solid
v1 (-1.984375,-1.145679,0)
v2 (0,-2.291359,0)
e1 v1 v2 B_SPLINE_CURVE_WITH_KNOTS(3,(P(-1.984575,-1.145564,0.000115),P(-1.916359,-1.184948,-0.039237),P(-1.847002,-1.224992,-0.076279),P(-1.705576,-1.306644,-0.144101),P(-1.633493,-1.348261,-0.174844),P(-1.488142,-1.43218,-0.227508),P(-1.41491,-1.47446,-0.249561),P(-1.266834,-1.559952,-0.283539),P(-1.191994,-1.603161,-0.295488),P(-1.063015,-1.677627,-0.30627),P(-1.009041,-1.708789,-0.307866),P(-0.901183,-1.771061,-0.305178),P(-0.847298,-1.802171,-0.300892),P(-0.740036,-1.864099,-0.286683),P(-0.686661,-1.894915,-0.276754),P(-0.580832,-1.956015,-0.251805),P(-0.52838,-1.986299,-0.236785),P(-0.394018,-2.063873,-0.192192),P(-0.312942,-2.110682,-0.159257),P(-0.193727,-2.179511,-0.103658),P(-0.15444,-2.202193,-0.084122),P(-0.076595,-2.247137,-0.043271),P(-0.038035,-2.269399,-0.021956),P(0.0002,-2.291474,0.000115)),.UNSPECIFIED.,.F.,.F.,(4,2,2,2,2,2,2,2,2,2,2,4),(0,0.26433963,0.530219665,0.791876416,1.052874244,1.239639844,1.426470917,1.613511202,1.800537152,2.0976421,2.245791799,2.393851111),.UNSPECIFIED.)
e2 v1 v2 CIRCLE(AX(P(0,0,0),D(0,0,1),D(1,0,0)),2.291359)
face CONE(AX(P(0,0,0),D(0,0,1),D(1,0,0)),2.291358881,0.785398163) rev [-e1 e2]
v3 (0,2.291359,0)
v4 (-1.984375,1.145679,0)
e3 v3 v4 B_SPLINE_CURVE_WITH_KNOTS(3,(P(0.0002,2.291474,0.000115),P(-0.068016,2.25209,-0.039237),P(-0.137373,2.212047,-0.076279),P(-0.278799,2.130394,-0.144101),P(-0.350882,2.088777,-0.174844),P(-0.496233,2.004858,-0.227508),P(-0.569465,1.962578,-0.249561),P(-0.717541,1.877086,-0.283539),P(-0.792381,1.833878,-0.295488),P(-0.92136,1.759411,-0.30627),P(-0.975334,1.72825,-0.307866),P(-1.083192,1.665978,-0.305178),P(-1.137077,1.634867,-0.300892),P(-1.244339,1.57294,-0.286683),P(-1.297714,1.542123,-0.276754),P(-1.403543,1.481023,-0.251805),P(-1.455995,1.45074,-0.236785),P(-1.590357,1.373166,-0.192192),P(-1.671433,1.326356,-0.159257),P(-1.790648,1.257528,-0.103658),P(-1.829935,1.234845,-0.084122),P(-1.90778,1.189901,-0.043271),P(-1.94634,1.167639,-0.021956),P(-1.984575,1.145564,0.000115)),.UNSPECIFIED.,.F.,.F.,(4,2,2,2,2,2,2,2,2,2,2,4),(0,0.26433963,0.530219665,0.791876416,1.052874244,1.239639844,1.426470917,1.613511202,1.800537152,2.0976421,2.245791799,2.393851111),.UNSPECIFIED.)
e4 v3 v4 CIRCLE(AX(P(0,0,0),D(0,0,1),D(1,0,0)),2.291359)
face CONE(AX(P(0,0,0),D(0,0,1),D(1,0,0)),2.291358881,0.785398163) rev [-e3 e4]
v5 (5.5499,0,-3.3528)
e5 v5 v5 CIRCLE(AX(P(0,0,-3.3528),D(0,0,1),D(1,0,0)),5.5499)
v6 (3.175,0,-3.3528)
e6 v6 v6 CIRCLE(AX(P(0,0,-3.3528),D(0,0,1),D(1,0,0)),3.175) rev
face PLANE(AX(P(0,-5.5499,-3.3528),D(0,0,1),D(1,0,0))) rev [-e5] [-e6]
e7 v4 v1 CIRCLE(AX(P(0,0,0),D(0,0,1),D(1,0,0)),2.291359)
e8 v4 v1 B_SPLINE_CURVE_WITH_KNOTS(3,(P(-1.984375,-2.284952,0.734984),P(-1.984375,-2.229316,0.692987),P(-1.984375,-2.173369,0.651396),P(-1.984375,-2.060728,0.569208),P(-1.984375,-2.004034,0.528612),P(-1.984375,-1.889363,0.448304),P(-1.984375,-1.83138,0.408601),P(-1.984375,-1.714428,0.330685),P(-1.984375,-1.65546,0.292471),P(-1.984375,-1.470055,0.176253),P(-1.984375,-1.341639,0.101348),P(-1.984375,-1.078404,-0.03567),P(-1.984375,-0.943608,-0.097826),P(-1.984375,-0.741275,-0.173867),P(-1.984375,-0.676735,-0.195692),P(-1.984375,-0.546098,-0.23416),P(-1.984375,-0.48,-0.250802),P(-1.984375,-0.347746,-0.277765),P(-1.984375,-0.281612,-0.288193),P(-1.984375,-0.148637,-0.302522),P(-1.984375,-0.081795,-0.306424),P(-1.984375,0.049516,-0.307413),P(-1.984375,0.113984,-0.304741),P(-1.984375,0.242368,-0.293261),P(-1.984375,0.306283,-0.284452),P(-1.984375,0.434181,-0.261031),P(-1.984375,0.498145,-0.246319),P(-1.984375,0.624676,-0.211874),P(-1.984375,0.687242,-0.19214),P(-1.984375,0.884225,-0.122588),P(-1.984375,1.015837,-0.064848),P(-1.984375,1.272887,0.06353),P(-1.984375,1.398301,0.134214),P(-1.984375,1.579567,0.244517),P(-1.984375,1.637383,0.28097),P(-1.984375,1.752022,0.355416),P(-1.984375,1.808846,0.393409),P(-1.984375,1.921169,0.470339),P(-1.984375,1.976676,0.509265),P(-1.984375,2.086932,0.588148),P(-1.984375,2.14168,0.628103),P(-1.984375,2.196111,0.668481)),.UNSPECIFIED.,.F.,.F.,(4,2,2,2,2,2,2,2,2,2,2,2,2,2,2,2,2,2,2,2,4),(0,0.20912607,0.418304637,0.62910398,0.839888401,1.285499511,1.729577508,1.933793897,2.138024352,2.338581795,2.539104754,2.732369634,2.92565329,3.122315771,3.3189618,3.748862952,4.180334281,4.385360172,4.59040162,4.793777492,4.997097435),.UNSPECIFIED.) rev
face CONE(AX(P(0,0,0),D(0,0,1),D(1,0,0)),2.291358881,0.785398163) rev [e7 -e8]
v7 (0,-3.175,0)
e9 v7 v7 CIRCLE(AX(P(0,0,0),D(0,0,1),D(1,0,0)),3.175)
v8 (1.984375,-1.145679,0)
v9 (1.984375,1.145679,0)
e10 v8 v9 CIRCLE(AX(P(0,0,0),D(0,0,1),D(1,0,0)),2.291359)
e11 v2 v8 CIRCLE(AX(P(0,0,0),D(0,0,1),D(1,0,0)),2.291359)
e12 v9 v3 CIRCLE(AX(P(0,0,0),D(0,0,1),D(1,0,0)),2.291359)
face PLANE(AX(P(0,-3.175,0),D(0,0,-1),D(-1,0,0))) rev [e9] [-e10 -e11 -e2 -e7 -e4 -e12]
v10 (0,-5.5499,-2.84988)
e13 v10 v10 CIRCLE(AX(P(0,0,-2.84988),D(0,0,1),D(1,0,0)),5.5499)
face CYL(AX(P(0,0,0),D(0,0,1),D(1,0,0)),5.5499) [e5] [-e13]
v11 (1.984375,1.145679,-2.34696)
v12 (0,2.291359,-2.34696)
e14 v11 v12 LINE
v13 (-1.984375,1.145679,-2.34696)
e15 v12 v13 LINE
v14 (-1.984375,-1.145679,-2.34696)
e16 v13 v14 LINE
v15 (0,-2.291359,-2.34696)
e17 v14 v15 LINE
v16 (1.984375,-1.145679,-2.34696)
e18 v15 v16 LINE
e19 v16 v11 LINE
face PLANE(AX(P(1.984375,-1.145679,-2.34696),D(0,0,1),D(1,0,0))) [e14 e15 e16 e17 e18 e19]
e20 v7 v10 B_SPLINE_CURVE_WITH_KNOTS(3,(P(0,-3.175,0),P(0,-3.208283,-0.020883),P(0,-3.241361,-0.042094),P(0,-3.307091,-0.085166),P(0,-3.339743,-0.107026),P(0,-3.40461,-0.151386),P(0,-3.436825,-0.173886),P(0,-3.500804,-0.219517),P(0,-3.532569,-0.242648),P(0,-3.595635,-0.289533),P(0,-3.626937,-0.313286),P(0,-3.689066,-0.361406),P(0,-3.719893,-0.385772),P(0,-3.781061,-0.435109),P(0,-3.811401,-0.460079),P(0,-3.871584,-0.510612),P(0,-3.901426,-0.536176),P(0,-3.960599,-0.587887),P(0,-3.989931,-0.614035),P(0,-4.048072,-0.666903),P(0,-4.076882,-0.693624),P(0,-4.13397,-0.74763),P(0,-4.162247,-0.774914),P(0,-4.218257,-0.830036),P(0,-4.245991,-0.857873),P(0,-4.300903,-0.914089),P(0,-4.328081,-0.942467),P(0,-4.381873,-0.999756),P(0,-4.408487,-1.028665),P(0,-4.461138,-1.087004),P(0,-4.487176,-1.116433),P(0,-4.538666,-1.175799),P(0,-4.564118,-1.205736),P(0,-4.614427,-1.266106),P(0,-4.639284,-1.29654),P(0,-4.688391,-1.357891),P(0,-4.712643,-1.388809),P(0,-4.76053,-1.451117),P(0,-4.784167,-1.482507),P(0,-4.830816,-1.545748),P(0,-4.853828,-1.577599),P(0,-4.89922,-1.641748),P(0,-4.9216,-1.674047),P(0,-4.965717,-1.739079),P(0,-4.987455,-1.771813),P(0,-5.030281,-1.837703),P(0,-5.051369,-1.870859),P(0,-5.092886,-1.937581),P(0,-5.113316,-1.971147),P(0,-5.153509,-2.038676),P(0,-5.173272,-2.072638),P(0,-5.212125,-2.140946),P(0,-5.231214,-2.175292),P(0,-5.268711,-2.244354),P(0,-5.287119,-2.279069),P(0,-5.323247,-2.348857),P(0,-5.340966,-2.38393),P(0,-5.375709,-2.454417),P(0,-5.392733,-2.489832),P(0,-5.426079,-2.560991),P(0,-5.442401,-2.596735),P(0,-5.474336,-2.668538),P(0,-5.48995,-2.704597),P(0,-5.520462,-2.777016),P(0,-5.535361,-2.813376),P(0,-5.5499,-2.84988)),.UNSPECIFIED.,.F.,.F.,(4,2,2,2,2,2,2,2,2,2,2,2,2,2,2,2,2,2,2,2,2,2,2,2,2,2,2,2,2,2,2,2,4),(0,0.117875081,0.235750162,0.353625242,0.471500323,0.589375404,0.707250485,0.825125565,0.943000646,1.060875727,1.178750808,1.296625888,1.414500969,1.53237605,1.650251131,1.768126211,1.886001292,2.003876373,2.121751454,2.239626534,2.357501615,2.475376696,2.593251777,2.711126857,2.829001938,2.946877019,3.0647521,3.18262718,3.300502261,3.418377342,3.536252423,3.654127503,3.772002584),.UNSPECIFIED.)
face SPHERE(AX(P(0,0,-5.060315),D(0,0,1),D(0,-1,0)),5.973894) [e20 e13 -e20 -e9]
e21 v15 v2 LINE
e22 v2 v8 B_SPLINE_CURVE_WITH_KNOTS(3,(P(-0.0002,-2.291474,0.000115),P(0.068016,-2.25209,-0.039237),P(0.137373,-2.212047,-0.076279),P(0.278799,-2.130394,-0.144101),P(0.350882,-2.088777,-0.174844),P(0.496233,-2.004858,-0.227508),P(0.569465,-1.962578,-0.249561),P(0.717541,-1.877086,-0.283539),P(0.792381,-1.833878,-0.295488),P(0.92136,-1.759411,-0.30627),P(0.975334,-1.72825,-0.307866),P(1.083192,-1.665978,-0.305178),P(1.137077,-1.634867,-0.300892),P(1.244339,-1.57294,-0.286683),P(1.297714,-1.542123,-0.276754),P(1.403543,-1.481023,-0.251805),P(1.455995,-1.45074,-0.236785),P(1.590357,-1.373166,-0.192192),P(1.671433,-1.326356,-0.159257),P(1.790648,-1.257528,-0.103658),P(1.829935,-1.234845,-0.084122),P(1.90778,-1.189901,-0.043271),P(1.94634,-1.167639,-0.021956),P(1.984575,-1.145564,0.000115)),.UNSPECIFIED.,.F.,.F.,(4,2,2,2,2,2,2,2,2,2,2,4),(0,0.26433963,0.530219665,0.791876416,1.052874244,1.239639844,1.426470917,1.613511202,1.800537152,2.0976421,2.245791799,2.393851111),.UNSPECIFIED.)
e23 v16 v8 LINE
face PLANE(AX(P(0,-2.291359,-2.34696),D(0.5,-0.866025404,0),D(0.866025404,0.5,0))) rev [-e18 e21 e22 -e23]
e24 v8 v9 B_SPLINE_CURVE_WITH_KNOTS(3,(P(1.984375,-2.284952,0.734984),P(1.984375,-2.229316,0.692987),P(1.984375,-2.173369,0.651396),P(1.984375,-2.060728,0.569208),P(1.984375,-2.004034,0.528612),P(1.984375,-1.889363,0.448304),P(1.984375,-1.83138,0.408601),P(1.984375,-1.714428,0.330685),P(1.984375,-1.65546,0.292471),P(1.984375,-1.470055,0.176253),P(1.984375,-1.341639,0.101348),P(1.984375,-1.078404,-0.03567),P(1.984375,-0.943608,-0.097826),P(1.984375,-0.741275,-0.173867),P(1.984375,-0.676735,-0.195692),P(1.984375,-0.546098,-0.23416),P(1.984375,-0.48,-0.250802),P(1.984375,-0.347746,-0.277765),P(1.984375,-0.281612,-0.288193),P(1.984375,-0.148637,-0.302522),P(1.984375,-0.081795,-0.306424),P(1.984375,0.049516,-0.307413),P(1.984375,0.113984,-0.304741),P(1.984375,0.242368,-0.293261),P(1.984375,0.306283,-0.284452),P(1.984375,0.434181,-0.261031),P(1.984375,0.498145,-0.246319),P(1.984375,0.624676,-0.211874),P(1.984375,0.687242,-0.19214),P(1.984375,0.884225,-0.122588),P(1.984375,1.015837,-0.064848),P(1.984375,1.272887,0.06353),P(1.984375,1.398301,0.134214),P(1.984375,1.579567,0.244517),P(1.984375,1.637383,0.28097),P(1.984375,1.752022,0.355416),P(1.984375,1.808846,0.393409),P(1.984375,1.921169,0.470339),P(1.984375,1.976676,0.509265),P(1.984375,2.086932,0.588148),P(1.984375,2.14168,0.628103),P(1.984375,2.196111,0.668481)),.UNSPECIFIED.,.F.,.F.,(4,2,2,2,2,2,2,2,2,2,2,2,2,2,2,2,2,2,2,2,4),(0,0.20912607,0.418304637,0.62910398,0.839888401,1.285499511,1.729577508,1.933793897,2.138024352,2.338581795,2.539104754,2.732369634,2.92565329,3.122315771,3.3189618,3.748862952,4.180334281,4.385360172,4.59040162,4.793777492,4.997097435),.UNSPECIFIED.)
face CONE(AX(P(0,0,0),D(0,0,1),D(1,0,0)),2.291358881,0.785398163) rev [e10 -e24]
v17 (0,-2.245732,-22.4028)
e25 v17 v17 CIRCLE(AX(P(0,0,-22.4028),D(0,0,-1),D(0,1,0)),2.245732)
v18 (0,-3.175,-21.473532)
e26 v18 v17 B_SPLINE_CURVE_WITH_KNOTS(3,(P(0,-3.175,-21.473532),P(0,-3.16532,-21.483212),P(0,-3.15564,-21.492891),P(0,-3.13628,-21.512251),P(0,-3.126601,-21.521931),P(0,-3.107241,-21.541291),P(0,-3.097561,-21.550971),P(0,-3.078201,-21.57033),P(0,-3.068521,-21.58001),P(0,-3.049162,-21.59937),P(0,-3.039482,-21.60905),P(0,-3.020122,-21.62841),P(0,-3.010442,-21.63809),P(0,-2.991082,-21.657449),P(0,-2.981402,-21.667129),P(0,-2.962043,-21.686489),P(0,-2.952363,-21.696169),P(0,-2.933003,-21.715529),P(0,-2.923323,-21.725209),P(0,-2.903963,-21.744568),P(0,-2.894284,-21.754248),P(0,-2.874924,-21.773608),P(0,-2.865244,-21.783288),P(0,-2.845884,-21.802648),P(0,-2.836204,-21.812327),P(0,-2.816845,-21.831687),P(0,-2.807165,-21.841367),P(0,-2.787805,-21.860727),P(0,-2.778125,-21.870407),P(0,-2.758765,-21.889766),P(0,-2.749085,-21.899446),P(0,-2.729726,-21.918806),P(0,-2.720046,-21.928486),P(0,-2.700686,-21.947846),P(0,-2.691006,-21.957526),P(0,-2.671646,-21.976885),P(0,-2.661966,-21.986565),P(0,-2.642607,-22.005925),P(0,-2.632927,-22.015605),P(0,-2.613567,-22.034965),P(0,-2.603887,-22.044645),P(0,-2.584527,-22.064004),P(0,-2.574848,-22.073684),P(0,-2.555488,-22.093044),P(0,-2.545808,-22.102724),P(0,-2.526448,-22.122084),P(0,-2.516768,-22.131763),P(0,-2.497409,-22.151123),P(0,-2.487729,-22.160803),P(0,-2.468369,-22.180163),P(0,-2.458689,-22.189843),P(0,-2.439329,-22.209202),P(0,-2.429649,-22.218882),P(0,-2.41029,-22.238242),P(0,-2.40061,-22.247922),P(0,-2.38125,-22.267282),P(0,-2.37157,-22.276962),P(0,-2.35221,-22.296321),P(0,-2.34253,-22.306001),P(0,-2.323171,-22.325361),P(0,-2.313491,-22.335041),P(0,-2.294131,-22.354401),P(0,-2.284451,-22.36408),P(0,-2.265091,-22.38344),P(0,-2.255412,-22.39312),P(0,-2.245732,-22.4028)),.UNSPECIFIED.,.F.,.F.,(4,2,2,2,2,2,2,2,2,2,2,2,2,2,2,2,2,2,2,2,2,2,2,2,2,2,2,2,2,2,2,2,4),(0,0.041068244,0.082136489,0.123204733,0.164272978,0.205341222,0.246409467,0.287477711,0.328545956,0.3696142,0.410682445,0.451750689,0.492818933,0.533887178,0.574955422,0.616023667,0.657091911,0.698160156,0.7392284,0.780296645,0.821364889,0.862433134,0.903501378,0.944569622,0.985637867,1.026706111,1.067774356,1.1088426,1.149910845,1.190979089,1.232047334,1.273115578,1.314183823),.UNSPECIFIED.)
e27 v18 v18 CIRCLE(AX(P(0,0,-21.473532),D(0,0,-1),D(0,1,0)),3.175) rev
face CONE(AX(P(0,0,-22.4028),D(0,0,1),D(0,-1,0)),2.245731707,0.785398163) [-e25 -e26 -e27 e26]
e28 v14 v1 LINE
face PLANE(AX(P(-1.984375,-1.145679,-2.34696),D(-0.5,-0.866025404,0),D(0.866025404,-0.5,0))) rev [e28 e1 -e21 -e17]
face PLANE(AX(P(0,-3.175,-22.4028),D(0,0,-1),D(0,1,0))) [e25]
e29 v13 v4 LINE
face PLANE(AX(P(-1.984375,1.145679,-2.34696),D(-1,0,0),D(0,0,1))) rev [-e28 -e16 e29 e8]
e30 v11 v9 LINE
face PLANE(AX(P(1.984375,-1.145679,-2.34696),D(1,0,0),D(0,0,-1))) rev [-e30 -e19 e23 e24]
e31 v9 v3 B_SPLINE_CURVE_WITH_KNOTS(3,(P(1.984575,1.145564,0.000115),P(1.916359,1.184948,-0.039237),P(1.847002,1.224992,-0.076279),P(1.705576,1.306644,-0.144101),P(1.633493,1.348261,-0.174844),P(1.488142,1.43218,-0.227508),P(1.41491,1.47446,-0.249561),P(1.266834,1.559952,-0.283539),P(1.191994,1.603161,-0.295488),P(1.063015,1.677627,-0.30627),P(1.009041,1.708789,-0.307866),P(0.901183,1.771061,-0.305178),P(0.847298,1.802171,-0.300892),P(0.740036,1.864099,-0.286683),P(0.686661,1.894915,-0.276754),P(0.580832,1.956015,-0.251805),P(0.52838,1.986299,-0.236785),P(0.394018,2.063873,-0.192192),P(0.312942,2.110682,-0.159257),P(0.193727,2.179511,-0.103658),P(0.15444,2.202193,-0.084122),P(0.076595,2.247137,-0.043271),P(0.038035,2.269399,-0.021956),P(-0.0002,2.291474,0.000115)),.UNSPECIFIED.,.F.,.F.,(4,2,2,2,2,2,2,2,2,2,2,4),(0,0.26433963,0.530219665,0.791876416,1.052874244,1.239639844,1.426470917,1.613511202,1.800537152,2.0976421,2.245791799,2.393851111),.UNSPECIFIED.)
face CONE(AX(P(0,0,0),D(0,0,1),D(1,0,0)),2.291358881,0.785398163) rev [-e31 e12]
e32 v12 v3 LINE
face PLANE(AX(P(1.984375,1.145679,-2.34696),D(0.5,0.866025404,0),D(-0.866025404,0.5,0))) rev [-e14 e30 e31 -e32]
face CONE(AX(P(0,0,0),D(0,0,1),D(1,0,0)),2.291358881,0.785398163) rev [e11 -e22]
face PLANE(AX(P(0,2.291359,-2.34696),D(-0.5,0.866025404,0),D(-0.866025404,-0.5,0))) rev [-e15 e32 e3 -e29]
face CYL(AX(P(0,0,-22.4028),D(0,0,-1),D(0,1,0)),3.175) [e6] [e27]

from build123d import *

# Parameters (mm, degrees)
SKETCH1_W          = 19.05
SKETCH1_H          = 3.175
CHAMFER1_SIZE      = 0.929268293
CUT_EXTRUDE2_DEPTH = 2.34696


with BuildPart() as part:
    # Sketch1 → Revolve1 (revolve)
    with BuildSketch(Plane(origin=(0, 0, 0), x_dir=(0, 0, -1), z_dir=(1, 0, 0))):
        with Locations((12.8778, 1.5875)):
            Rectangle(SKETCH1_W, SKETCH1_H)
    revolve(axis=Axis((0, 0, -22.4028), (0, 0, 1)))

    # Chamfer1
    chamfer1_edges = [part.edges().sort_by_distance(p)[0] for p in [
        (0, -3.175, -22.4028),
    ]]
    chamfer(chamfer1_edges, length=CHAMFER1_SIZE)

    # Sketch7 → Revolve2 (revolve)
    with BuildSketch(Plane(origin=(0, 0, 0), x_dir=(0, 0, -1), z_dir=(1, 0, 0))):
        with BuildLine():
            Line((2.84988, 5.5499), (3.3528, 5.5499))
            Line((3.3528, 5.5499), (3.3528, 0))
            Line((3.3528, 0), (0, 0))
            Line((0, 0), (0, 3.175))
            ThreePointArc((0, 3.175), (1.235921075, 4.58927271), (2.84988, 5.5499))
        make_face()
    revolve(axis=Axis((0, 0, 0), (0, 0, -1)))

    # Sketch5 → Cut-Extrude2 (cut)
    with BuildSketch(Plane.XY):
        Polygon((1.984375, -1.14567944), (1.984375, 1.14567944), (0, 2.291358881), (-1.984375, 1.14567944), (-1.984375, -1.14567944), (0, -2.291358881), align=None)
    extrude(amount=-CUT_EXTRUDE2_DEPTH, mode=Mode.SUBTRACT)

    # Cut-Extrude3 cone 1 section (through the dimple's axis) → Cut-Extrude3 (revolve, cut)
    with BuildSketch(Plane(origin=(0, 0, 0), x_dir=(0, -1, 0), z_dir=(1, 0, 0))):
        Polygon((0, 0), (2.291358881, 0), (0, 2.291358881), align=None)
    revolve(axis=Axis((0, 0, 0), (0, 0, -1)), mode=Mode.SUBTRACT)


solid = part.part
